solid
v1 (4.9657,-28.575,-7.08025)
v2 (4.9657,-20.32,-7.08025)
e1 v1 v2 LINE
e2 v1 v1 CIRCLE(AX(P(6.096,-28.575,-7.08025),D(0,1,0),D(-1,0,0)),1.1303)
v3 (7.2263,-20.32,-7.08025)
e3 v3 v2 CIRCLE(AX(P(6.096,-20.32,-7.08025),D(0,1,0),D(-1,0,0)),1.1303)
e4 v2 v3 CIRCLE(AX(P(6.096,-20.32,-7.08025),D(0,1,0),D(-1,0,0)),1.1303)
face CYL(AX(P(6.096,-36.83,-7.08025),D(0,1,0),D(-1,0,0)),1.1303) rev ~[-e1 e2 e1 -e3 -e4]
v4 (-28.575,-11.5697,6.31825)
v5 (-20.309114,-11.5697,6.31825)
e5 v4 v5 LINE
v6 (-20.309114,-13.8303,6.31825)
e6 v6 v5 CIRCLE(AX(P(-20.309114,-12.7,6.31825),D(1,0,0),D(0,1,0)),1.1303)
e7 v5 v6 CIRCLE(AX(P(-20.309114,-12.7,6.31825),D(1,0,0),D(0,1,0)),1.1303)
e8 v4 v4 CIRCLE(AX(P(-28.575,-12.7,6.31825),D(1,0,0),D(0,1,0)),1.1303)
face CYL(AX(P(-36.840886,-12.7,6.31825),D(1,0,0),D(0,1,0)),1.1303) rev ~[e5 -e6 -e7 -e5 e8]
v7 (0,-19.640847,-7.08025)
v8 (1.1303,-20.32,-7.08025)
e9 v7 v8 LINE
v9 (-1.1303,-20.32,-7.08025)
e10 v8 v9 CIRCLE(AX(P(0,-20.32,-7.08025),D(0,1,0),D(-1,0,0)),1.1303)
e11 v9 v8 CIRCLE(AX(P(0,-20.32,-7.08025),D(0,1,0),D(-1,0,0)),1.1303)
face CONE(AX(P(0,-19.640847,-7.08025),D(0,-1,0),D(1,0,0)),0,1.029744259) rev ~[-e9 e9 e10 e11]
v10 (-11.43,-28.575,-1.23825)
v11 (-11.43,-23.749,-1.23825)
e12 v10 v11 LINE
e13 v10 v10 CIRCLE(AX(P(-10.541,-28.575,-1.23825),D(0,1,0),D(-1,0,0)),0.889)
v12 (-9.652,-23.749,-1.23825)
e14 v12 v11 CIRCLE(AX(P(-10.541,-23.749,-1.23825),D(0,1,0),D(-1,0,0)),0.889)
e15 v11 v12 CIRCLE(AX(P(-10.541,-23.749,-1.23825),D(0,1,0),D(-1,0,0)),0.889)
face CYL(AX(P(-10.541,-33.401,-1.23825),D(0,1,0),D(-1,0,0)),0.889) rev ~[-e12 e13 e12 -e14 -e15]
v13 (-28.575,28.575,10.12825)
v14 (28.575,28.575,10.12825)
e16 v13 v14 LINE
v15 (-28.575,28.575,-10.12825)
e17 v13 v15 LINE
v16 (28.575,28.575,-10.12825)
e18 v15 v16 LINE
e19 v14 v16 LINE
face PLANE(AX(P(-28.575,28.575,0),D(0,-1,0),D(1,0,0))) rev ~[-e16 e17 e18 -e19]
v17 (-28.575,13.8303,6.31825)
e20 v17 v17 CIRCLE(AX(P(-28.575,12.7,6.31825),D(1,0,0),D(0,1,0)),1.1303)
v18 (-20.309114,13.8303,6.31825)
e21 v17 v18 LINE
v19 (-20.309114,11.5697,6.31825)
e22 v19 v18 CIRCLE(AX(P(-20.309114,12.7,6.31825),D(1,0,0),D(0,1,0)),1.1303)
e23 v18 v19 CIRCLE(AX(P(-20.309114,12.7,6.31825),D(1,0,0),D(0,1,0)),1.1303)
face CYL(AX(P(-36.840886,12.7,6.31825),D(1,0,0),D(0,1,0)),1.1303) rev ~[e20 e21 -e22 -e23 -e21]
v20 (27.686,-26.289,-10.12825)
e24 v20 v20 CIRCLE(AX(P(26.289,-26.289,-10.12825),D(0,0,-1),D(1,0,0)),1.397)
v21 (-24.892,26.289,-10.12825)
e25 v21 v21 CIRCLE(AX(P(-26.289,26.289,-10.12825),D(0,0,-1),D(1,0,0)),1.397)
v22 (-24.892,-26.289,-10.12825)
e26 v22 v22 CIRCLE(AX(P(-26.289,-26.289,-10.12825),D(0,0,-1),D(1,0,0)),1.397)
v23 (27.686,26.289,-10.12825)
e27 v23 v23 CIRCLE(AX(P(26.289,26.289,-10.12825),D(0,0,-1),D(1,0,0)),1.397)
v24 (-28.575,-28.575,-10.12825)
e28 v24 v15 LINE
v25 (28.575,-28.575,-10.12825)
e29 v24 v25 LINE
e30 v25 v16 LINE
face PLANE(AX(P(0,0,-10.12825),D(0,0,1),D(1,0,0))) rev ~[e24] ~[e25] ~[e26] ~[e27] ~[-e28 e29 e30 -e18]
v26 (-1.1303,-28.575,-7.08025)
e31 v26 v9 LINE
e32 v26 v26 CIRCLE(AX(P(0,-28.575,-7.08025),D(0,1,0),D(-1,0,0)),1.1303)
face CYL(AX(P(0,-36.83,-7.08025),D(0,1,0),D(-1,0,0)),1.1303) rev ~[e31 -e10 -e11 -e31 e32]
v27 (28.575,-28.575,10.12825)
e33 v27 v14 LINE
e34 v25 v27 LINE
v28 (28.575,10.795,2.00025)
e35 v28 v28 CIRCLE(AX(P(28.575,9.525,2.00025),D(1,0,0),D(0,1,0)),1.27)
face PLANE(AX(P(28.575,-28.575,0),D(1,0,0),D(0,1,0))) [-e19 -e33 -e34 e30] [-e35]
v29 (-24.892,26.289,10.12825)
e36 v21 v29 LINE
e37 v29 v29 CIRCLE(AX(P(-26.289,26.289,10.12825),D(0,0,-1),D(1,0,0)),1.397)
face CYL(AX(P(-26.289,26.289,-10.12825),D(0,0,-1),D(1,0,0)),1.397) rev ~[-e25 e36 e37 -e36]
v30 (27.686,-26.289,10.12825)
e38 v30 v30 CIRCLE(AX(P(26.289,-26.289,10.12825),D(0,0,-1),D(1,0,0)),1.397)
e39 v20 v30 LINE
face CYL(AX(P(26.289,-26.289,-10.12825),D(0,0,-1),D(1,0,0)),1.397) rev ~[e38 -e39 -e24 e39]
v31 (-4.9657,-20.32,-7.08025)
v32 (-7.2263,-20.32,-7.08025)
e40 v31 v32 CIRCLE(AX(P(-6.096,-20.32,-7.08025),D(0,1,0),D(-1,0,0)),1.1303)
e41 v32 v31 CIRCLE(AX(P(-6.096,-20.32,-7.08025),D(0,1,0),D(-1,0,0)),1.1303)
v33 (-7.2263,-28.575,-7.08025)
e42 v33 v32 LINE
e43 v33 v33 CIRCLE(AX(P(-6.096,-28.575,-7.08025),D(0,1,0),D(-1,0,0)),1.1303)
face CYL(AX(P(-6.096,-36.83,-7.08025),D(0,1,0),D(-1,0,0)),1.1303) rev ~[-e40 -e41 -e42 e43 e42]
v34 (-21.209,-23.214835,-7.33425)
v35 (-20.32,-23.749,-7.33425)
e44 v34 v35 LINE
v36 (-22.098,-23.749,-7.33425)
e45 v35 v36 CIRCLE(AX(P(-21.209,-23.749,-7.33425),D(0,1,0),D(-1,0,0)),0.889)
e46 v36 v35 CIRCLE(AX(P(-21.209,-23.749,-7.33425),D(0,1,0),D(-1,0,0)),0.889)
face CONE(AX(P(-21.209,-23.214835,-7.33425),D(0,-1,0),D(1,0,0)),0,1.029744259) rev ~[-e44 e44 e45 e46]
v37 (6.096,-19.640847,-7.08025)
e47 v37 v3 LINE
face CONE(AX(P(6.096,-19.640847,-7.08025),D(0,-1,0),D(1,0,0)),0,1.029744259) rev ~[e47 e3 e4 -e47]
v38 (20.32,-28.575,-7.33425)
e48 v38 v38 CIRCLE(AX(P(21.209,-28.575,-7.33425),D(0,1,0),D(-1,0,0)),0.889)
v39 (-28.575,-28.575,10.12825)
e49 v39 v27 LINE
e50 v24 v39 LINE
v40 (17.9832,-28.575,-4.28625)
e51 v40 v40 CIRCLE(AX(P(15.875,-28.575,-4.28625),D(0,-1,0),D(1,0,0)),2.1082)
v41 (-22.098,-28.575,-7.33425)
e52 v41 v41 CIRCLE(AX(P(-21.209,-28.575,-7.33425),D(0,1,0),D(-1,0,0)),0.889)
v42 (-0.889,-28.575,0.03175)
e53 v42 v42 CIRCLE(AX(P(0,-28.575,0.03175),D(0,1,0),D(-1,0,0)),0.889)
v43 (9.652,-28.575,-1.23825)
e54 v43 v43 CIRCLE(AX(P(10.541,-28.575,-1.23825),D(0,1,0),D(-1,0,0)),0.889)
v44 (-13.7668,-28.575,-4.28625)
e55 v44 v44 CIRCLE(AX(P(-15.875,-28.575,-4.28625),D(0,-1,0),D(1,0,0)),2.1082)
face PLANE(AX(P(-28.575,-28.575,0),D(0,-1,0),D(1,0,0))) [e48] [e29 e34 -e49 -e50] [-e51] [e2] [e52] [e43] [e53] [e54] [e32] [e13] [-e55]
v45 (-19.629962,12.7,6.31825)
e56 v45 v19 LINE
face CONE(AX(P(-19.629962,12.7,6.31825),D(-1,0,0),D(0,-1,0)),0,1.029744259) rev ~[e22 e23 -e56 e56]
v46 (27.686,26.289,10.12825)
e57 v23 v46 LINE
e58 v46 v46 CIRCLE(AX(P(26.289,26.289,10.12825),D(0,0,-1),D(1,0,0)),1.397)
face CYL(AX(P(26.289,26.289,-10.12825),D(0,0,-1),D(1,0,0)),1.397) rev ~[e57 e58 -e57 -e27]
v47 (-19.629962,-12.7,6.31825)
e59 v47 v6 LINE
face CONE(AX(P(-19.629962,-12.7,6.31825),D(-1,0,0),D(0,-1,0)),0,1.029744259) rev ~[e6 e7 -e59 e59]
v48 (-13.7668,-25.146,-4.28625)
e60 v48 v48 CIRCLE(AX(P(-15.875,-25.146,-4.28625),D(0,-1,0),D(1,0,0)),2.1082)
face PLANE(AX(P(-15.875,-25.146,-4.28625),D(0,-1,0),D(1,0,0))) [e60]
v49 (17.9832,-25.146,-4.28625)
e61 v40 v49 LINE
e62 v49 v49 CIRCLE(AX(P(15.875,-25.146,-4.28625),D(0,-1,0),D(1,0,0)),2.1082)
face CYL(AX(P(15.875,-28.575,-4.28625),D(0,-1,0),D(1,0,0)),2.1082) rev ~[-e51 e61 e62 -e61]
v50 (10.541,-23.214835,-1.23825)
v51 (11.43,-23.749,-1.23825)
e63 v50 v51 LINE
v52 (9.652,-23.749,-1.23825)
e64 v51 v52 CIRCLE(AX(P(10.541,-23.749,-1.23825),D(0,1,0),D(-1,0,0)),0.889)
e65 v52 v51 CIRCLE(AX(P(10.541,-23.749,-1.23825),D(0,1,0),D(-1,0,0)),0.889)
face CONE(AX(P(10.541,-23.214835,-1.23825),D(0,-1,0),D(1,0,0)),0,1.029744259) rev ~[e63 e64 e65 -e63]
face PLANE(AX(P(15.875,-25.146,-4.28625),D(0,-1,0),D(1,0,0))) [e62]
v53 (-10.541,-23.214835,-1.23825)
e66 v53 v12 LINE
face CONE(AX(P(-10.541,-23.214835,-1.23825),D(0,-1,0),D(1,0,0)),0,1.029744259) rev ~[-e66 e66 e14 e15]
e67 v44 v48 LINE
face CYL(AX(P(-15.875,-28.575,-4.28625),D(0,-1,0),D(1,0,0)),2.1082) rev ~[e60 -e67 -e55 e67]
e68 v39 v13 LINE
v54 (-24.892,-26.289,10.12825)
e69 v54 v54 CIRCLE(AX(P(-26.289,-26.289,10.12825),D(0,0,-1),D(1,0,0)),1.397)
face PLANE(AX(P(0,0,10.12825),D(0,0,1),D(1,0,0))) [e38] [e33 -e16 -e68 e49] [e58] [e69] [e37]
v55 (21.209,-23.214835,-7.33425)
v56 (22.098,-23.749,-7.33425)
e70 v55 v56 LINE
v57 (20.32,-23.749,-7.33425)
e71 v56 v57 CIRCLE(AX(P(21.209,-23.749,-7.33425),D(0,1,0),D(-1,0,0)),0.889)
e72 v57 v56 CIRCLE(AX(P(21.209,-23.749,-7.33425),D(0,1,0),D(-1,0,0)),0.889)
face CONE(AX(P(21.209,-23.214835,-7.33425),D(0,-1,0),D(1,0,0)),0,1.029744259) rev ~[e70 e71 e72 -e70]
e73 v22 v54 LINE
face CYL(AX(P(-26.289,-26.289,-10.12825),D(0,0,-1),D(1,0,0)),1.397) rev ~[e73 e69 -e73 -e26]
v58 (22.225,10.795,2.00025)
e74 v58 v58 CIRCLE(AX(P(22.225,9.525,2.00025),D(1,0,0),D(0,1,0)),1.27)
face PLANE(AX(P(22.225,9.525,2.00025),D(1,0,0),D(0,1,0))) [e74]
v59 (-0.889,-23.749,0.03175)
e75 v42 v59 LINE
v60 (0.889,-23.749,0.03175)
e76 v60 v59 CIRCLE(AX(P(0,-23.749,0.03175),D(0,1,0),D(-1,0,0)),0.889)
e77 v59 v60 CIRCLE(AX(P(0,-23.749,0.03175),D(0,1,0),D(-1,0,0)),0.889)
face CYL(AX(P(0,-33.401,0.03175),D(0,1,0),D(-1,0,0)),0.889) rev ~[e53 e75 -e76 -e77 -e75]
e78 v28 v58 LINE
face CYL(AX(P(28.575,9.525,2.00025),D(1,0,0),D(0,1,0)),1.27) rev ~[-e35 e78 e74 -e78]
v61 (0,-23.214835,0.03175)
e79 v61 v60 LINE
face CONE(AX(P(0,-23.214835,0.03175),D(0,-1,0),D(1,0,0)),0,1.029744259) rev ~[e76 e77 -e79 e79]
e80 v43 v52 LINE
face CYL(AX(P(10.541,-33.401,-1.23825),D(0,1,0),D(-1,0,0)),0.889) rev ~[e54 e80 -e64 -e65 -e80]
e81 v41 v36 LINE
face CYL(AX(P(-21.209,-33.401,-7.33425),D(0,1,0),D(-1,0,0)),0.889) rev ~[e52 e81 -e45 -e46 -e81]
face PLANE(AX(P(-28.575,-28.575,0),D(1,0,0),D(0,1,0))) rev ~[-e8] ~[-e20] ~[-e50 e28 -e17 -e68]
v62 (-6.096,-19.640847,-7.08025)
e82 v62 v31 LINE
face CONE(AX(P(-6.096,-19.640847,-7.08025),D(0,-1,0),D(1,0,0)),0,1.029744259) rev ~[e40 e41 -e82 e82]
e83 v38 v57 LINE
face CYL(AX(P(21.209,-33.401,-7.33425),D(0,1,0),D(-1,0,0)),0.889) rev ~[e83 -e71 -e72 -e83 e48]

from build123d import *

# Parameters (mm, degrees)
F0_W             = 57.15
F0_H             = 57.15
F1_DEPTH         = 10.12825
F2_R             = 2.1082
F3_DEPTH         = 3.429
F5_R             = 1.397
F6_DEPTH         = 20.2575
F8_D             = 2.2606
F8_DEPTH         = 8.2658857143
F8_TIP           = 0.6791527577
F9_R             = 1.27
F10_DEPTH        = 6.35
F12_D            = 2.2606
F12_DEPTH        = 8.255
F12_TIP          = 0.6791527577
F14_D            = 1.778
F14_DEPTH        = 4.826
F14_TIP          = 0.5341650903
F14_ON_F13_D     = 1.778
F14_ON_F13_DEPTH = 4.826
F14_ON_F13_TIP   = 0.5341650903


with BuildPart() as f1:
    # F0 (on Top) → F1 (new body, symmetric)
    with BuildSketch(Plane.XY):
        Rectangle(F0_W, F0_H)
    extrude(amount=F1_DEPTH, both=True)

    # F2 (on face) → F3 (cut)
    with BuildSketch(Plane.XZ.offset(28.575)):
        with Locations((-15.875, -4.28625)):
            Circle(F2_R)
        with Locations((15.875, -4.28625)):
            Circle(F2_R)
    extrude(amount=-F3_DEPTH, mode=Mode.SUBTRACT)

    # F5 (on face) → F6 (cut, through all)
    with BuildSketch(Plane(origin=(0, 0, -10.12825), x_dir=(1, 0, 0), z_dir=(0, 0, -1))):
        with Locations((-26.289, 26.289)):
            Circle(F5_R)
        with Locations((26.289, 26.289)):
            Circle(F5_R)
        with Locations((26.289, -26.289)):
            Circle(F5_R)
        with Locations((-26.289, -26.289)):
            Circle(F5_R)
    extrude(amount=-F6_DEPTH, mode=Mode.SUBTRACT)

    # F8
    with Locations(Plane(origin=(-28.575, 0, 0), x_dir=(0, -1, 0), z_dir=(-1, 0, 0))):
        with Locations((12.7, 6.31825), (-12.7, 6.31825)):
            Hole(F8_D / 2, depth=F8_DEPTH)
            with Locations((0, 0, -(F8_DEPTH + F8_TIP / 2))):  # 118° drill point
                Cone(0, F8_D / 2, F8_TIP, mode=Mode.SUBTRACT)

    # F9 (on face) → F10 (cut)
    with BuildSketch(Plane.YZ.offset(28.575)):
        with Locations((9.525, 2.00025)):
            Circle(F9_R)
    extrude(amount=-F10_DEPTH, mode=Mode.SUBTRACT)

    # F12
    with Locations(Plane.XZ.offset(28.575)):
        with Locations((-6.096, -7.08025), (0, -7.08025), (6.096, -7.08025)):
            Hole(F12_D / 2, depth=F12_DEPTH)
            with Locations((0, 0, -(F12_DEPTH + F12_TIP / 2))):  # 118° drill point
                Cone(0, F12_D / 2, F12_TIP, mode=Mode.SUBTRACT)

    # F14
    with Locations(Plane.XZ.offset(28.575)):
        with Locations((-21.209, -7.33425), (-10.541, -1.23825), (10.541, -1.23825), (21.209, -7.33425)):
            Hole(F14_D / 2, depth=F14_DEPTH)
            with Locations((0, 0, -(F14_DEPTH + F14_TIP / 2))):  # 118° drill point
                Cone(0, F14_D / 2, F14_TIP, mode=Mode.SUBTRACT)

    # F14 on F13
    with Locations(Plane.XZ.offset(28.575)):
        with Locations((0, 0.03175)):
            Hole(F14_ON_F13_D / 2, depth=F14_ON_F13_DEPTH)
            with Locations((0, 0, -(F14_ON_F13_DEPTH + F14_ON_F13_TIP / 2))):  # 118° drill point
                Cone(0, F14_ON_F13_D / 2, F14_ON_F13_TIP, mode=Mode.SUBTRACT)


solid = f1.part
